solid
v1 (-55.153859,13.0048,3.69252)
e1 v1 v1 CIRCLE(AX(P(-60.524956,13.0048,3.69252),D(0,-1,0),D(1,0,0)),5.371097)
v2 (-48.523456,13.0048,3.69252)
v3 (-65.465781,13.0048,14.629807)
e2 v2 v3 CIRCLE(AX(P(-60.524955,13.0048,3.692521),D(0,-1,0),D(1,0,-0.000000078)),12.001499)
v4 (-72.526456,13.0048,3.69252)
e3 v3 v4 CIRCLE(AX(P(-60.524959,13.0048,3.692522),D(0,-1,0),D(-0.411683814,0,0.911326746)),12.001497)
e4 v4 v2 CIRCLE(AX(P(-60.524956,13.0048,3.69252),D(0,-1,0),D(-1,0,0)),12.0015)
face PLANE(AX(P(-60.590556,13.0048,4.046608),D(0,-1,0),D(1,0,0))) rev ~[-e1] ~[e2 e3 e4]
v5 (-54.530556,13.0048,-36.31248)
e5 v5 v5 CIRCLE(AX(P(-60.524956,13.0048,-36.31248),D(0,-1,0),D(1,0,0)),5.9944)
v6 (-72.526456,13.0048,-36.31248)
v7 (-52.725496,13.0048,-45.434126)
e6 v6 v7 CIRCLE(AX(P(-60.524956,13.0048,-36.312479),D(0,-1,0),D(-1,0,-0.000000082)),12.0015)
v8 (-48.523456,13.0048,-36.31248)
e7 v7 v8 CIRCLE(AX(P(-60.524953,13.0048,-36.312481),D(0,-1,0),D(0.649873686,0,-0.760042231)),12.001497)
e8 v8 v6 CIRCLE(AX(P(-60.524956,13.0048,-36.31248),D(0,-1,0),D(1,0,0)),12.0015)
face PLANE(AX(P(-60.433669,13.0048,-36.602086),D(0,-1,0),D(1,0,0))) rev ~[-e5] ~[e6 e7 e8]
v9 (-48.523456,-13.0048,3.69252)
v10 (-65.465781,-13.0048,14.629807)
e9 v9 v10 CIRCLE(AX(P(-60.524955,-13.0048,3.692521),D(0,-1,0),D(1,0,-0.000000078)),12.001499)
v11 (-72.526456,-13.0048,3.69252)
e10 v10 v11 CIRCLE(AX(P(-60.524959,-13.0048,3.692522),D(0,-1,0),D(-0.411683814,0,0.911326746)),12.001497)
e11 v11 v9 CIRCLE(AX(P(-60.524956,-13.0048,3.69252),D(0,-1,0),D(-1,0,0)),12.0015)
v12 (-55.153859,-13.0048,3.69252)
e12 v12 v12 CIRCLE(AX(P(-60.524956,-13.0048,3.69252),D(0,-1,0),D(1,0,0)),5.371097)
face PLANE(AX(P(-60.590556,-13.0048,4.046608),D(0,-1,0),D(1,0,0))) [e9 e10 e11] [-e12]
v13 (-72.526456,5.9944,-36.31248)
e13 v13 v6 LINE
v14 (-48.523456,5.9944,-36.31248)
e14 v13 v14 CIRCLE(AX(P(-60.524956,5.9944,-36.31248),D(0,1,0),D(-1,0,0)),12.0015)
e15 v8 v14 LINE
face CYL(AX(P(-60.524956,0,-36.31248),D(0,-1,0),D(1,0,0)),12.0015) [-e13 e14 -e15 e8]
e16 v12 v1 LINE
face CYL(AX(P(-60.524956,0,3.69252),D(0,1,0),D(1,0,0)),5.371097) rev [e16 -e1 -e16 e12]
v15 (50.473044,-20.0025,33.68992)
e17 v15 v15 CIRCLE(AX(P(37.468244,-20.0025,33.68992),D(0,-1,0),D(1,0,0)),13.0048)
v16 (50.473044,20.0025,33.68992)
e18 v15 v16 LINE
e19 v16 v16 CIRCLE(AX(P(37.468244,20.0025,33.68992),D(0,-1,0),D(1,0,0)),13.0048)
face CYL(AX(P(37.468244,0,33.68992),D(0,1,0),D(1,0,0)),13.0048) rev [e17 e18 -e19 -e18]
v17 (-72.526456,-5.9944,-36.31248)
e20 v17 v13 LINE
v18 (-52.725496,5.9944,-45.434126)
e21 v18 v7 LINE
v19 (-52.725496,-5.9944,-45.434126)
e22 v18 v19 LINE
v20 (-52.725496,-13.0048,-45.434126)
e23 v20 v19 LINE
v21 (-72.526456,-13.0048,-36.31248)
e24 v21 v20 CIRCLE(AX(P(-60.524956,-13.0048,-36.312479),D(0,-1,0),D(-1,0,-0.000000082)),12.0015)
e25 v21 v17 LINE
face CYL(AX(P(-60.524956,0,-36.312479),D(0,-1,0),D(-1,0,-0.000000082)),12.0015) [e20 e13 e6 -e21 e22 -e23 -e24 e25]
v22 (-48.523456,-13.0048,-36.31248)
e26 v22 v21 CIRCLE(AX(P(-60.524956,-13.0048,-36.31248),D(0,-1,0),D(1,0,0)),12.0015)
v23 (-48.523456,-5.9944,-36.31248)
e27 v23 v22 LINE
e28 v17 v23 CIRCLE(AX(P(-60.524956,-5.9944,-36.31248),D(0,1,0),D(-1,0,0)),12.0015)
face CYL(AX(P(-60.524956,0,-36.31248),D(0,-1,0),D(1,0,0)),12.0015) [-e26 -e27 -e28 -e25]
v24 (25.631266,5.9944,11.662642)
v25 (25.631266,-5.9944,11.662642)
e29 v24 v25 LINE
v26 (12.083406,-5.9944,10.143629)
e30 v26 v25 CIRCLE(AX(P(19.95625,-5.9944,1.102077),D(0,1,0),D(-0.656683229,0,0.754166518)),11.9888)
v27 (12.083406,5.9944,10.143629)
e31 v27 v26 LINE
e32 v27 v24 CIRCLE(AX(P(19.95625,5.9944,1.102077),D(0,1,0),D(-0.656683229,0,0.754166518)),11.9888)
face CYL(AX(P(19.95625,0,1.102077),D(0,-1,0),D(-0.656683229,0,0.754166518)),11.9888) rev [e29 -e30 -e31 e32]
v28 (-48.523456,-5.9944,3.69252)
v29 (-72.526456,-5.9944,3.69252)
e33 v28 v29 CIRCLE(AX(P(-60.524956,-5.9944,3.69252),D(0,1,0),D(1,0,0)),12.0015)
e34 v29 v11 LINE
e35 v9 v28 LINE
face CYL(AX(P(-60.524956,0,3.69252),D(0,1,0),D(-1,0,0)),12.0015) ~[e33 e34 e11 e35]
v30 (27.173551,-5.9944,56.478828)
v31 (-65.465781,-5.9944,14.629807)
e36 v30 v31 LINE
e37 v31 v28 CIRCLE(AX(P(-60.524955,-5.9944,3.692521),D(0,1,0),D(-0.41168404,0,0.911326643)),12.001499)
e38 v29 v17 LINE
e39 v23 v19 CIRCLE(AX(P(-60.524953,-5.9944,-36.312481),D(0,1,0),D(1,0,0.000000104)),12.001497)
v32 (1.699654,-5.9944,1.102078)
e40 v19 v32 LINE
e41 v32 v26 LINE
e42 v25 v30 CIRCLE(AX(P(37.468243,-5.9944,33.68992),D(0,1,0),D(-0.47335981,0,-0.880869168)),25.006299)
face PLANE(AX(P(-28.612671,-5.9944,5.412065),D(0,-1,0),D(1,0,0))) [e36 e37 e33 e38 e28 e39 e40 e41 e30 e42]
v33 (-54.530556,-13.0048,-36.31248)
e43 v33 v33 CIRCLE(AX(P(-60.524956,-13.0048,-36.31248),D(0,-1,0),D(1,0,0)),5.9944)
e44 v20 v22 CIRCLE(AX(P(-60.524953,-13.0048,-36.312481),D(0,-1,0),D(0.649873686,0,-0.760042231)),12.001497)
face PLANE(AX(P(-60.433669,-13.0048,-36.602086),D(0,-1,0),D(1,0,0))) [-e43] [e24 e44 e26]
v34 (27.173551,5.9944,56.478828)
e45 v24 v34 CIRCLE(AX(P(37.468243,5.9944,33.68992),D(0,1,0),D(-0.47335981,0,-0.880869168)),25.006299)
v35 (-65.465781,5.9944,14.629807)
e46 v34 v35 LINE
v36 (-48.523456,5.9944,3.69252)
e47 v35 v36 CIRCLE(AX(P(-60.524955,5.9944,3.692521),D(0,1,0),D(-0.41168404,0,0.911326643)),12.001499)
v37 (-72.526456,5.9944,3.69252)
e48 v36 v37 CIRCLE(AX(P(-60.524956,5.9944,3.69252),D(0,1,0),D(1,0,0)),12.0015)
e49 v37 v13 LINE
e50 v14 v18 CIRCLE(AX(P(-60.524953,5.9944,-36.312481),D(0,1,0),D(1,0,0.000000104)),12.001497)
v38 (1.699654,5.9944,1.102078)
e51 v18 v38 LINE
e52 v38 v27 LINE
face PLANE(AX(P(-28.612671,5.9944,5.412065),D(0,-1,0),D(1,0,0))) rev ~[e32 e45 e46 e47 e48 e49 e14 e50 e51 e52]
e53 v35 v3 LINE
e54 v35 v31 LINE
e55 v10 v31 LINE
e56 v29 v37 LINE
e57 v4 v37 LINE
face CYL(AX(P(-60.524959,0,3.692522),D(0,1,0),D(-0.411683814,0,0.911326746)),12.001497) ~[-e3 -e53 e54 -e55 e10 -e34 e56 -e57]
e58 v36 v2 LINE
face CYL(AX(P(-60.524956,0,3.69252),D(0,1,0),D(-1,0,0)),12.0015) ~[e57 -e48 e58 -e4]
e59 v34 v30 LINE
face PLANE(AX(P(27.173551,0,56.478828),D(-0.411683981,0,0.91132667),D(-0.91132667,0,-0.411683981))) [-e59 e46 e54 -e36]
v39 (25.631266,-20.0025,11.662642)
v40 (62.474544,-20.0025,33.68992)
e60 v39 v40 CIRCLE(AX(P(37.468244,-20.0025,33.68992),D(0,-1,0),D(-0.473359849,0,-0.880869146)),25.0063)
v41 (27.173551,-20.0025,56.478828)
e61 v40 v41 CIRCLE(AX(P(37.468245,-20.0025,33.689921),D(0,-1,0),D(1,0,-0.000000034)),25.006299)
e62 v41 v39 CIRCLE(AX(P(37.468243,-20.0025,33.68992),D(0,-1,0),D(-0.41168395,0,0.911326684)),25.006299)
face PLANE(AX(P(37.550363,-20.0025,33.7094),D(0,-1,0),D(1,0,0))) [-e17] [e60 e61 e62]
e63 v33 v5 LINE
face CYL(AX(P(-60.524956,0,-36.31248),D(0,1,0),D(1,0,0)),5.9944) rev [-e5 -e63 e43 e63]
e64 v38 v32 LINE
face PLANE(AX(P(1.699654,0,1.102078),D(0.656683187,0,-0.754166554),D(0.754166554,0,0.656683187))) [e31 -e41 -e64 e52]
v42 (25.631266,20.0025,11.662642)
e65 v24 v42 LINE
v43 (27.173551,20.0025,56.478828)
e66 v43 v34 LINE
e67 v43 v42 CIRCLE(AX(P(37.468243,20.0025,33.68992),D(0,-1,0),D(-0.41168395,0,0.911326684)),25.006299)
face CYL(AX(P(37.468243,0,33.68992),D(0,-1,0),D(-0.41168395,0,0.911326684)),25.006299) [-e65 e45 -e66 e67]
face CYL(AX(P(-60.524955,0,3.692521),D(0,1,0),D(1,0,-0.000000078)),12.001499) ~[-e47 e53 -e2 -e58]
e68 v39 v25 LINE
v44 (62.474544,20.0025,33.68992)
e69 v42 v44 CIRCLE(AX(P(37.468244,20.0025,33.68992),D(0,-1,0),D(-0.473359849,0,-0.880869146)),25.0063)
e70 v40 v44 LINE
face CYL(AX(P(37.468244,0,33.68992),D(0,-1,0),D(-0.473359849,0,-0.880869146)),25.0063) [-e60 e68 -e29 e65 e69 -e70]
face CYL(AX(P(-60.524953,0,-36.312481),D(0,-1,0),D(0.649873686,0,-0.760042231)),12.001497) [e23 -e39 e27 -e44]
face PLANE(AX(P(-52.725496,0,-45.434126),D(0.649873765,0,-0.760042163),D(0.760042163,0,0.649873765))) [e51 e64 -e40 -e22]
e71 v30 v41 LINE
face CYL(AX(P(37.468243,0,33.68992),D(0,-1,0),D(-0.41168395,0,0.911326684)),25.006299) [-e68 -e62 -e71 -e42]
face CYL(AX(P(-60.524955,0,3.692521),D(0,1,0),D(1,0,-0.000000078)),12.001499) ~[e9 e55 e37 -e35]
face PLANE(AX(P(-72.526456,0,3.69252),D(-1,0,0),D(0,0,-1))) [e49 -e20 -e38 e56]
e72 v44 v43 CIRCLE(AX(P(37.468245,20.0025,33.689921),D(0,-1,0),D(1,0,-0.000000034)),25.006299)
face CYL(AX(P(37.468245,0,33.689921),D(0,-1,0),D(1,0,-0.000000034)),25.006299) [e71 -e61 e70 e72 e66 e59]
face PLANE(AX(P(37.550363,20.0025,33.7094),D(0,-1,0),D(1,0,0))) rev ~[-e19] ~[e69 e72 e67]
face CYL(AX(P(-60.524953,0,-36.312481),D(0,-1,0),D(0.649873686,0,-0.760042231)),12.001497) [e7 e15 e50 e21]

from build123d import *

# Parameters (mm, degrees)
F1_DEPTH = 5.9944
F0_R     = 13.0048
F2_DEPTH = 20.0025
F0_R_2   = 5.371097
F0_R_3   = 5.9944
F3_DEPTH = 13.0048


with BuildPart() as f1:
    # F0 (on Front) → F1 (new body, symmetric)
    with BuildSketch(Plane.XZ):
        with BuildLine():
            ThreePointArc((-72.526456, -36.31248), (-60.524956, -24.31098), (-48.523456, -36.31248))
            ThreePointArc((-48.523456, -36.31248), (-49.624469, -41.333973), (-52.725496, -45.434126))
            Line((-52.725496, -45.434126), (1.699654, 1.102078))
            Line((1.699654, 1.102078), (12.083406, 10.143629))
            ThreePointArc((12.083406, 10.143629), (18.620412, 13.016223), (25.631266, 11.662642))
            ThreePointArc((25.631266, 11.662642), (12.476738, 34.549967), (27.173551, 56.478828))
            Line((27.173551, 56.478828), (-65.465781, 14.629807))
            ThreePointArc((-65.465781, 14.629807), (-54.015782, 13.775509), (-48.523456, 3.69252))
            ThreePointArc((-48.523456, 3.69252), (-60.524956, -8.30898), (-72.526456, 3.69252))
            Line((-72.526456, 3.69252), (-72.526456, -36.31248))
        make_face()
    extrude(amount=F1_DEPTH, both=True)

    # F0 (on Front) → F2 (join, symmetric)
    with BuildSketch(Plane.XZ):
        with BuildLine():
            ThreePointArc((62.474544, 33.68992), (51.030745, 54.698814), (27.173551, 56.478828))
            ThreePointArc((27.173551, 56.478828), (12.476738, 34.549967), (25.631266, 11.662642))
            ThreePointArc((25.631266, 11.662642), (50.300158, 12.226998), (62.474544, 33.68992))
        make_face()
        with Locations((37.468244, 33.68992)):
            Circle(F0_R, mode=Mode.SUBTRACT)
    extrude(amount=F2_DEPTH, both=True)

    # F0 (on Front) → F3 (join, symmetric)
    with BuildSketch(Plane.XZ):
        with BuildLine():
            ThreePointArc((-65.465781, 14.629807), (-70.607945, 10.201694), (-72.526456, 3.69252))
            ThreePointArc((-72.526456, 3.69252), (-60.524956, -8.30898), (-48.523456, 3.69252))
            ThreePointArc((-48.523456, 3.69252), (-54.015782, 13.775509), (-65.465781, 14.629807))
        make_face()
        with Locations((-60.524956, 3.69252)):
            Circle(F0_R_2, mode=Mode.SUBTRACT)
        with BuildLine():
            ThreePointArc((-52.725496, -45.434126), (-49.624469, -41.333973), (-48.523456, -36.31248))
            ThreePointArc((-48.523456, -36.31248), (-60.524956, -24.31098), (-72.526456, -36.31248))
            ThreePointArc((-72.526456, -36.31248), (-65.546449, -47.212966), (-52.725496, -45.434126))
        make_face()
        with Locations((-60.524956, -36.31248)):
            Circle(F0_R_3, mode=Mode.SUBTRACT)
    extrude(amount=F3_DEPTH, both=True)


solid = f1.part
